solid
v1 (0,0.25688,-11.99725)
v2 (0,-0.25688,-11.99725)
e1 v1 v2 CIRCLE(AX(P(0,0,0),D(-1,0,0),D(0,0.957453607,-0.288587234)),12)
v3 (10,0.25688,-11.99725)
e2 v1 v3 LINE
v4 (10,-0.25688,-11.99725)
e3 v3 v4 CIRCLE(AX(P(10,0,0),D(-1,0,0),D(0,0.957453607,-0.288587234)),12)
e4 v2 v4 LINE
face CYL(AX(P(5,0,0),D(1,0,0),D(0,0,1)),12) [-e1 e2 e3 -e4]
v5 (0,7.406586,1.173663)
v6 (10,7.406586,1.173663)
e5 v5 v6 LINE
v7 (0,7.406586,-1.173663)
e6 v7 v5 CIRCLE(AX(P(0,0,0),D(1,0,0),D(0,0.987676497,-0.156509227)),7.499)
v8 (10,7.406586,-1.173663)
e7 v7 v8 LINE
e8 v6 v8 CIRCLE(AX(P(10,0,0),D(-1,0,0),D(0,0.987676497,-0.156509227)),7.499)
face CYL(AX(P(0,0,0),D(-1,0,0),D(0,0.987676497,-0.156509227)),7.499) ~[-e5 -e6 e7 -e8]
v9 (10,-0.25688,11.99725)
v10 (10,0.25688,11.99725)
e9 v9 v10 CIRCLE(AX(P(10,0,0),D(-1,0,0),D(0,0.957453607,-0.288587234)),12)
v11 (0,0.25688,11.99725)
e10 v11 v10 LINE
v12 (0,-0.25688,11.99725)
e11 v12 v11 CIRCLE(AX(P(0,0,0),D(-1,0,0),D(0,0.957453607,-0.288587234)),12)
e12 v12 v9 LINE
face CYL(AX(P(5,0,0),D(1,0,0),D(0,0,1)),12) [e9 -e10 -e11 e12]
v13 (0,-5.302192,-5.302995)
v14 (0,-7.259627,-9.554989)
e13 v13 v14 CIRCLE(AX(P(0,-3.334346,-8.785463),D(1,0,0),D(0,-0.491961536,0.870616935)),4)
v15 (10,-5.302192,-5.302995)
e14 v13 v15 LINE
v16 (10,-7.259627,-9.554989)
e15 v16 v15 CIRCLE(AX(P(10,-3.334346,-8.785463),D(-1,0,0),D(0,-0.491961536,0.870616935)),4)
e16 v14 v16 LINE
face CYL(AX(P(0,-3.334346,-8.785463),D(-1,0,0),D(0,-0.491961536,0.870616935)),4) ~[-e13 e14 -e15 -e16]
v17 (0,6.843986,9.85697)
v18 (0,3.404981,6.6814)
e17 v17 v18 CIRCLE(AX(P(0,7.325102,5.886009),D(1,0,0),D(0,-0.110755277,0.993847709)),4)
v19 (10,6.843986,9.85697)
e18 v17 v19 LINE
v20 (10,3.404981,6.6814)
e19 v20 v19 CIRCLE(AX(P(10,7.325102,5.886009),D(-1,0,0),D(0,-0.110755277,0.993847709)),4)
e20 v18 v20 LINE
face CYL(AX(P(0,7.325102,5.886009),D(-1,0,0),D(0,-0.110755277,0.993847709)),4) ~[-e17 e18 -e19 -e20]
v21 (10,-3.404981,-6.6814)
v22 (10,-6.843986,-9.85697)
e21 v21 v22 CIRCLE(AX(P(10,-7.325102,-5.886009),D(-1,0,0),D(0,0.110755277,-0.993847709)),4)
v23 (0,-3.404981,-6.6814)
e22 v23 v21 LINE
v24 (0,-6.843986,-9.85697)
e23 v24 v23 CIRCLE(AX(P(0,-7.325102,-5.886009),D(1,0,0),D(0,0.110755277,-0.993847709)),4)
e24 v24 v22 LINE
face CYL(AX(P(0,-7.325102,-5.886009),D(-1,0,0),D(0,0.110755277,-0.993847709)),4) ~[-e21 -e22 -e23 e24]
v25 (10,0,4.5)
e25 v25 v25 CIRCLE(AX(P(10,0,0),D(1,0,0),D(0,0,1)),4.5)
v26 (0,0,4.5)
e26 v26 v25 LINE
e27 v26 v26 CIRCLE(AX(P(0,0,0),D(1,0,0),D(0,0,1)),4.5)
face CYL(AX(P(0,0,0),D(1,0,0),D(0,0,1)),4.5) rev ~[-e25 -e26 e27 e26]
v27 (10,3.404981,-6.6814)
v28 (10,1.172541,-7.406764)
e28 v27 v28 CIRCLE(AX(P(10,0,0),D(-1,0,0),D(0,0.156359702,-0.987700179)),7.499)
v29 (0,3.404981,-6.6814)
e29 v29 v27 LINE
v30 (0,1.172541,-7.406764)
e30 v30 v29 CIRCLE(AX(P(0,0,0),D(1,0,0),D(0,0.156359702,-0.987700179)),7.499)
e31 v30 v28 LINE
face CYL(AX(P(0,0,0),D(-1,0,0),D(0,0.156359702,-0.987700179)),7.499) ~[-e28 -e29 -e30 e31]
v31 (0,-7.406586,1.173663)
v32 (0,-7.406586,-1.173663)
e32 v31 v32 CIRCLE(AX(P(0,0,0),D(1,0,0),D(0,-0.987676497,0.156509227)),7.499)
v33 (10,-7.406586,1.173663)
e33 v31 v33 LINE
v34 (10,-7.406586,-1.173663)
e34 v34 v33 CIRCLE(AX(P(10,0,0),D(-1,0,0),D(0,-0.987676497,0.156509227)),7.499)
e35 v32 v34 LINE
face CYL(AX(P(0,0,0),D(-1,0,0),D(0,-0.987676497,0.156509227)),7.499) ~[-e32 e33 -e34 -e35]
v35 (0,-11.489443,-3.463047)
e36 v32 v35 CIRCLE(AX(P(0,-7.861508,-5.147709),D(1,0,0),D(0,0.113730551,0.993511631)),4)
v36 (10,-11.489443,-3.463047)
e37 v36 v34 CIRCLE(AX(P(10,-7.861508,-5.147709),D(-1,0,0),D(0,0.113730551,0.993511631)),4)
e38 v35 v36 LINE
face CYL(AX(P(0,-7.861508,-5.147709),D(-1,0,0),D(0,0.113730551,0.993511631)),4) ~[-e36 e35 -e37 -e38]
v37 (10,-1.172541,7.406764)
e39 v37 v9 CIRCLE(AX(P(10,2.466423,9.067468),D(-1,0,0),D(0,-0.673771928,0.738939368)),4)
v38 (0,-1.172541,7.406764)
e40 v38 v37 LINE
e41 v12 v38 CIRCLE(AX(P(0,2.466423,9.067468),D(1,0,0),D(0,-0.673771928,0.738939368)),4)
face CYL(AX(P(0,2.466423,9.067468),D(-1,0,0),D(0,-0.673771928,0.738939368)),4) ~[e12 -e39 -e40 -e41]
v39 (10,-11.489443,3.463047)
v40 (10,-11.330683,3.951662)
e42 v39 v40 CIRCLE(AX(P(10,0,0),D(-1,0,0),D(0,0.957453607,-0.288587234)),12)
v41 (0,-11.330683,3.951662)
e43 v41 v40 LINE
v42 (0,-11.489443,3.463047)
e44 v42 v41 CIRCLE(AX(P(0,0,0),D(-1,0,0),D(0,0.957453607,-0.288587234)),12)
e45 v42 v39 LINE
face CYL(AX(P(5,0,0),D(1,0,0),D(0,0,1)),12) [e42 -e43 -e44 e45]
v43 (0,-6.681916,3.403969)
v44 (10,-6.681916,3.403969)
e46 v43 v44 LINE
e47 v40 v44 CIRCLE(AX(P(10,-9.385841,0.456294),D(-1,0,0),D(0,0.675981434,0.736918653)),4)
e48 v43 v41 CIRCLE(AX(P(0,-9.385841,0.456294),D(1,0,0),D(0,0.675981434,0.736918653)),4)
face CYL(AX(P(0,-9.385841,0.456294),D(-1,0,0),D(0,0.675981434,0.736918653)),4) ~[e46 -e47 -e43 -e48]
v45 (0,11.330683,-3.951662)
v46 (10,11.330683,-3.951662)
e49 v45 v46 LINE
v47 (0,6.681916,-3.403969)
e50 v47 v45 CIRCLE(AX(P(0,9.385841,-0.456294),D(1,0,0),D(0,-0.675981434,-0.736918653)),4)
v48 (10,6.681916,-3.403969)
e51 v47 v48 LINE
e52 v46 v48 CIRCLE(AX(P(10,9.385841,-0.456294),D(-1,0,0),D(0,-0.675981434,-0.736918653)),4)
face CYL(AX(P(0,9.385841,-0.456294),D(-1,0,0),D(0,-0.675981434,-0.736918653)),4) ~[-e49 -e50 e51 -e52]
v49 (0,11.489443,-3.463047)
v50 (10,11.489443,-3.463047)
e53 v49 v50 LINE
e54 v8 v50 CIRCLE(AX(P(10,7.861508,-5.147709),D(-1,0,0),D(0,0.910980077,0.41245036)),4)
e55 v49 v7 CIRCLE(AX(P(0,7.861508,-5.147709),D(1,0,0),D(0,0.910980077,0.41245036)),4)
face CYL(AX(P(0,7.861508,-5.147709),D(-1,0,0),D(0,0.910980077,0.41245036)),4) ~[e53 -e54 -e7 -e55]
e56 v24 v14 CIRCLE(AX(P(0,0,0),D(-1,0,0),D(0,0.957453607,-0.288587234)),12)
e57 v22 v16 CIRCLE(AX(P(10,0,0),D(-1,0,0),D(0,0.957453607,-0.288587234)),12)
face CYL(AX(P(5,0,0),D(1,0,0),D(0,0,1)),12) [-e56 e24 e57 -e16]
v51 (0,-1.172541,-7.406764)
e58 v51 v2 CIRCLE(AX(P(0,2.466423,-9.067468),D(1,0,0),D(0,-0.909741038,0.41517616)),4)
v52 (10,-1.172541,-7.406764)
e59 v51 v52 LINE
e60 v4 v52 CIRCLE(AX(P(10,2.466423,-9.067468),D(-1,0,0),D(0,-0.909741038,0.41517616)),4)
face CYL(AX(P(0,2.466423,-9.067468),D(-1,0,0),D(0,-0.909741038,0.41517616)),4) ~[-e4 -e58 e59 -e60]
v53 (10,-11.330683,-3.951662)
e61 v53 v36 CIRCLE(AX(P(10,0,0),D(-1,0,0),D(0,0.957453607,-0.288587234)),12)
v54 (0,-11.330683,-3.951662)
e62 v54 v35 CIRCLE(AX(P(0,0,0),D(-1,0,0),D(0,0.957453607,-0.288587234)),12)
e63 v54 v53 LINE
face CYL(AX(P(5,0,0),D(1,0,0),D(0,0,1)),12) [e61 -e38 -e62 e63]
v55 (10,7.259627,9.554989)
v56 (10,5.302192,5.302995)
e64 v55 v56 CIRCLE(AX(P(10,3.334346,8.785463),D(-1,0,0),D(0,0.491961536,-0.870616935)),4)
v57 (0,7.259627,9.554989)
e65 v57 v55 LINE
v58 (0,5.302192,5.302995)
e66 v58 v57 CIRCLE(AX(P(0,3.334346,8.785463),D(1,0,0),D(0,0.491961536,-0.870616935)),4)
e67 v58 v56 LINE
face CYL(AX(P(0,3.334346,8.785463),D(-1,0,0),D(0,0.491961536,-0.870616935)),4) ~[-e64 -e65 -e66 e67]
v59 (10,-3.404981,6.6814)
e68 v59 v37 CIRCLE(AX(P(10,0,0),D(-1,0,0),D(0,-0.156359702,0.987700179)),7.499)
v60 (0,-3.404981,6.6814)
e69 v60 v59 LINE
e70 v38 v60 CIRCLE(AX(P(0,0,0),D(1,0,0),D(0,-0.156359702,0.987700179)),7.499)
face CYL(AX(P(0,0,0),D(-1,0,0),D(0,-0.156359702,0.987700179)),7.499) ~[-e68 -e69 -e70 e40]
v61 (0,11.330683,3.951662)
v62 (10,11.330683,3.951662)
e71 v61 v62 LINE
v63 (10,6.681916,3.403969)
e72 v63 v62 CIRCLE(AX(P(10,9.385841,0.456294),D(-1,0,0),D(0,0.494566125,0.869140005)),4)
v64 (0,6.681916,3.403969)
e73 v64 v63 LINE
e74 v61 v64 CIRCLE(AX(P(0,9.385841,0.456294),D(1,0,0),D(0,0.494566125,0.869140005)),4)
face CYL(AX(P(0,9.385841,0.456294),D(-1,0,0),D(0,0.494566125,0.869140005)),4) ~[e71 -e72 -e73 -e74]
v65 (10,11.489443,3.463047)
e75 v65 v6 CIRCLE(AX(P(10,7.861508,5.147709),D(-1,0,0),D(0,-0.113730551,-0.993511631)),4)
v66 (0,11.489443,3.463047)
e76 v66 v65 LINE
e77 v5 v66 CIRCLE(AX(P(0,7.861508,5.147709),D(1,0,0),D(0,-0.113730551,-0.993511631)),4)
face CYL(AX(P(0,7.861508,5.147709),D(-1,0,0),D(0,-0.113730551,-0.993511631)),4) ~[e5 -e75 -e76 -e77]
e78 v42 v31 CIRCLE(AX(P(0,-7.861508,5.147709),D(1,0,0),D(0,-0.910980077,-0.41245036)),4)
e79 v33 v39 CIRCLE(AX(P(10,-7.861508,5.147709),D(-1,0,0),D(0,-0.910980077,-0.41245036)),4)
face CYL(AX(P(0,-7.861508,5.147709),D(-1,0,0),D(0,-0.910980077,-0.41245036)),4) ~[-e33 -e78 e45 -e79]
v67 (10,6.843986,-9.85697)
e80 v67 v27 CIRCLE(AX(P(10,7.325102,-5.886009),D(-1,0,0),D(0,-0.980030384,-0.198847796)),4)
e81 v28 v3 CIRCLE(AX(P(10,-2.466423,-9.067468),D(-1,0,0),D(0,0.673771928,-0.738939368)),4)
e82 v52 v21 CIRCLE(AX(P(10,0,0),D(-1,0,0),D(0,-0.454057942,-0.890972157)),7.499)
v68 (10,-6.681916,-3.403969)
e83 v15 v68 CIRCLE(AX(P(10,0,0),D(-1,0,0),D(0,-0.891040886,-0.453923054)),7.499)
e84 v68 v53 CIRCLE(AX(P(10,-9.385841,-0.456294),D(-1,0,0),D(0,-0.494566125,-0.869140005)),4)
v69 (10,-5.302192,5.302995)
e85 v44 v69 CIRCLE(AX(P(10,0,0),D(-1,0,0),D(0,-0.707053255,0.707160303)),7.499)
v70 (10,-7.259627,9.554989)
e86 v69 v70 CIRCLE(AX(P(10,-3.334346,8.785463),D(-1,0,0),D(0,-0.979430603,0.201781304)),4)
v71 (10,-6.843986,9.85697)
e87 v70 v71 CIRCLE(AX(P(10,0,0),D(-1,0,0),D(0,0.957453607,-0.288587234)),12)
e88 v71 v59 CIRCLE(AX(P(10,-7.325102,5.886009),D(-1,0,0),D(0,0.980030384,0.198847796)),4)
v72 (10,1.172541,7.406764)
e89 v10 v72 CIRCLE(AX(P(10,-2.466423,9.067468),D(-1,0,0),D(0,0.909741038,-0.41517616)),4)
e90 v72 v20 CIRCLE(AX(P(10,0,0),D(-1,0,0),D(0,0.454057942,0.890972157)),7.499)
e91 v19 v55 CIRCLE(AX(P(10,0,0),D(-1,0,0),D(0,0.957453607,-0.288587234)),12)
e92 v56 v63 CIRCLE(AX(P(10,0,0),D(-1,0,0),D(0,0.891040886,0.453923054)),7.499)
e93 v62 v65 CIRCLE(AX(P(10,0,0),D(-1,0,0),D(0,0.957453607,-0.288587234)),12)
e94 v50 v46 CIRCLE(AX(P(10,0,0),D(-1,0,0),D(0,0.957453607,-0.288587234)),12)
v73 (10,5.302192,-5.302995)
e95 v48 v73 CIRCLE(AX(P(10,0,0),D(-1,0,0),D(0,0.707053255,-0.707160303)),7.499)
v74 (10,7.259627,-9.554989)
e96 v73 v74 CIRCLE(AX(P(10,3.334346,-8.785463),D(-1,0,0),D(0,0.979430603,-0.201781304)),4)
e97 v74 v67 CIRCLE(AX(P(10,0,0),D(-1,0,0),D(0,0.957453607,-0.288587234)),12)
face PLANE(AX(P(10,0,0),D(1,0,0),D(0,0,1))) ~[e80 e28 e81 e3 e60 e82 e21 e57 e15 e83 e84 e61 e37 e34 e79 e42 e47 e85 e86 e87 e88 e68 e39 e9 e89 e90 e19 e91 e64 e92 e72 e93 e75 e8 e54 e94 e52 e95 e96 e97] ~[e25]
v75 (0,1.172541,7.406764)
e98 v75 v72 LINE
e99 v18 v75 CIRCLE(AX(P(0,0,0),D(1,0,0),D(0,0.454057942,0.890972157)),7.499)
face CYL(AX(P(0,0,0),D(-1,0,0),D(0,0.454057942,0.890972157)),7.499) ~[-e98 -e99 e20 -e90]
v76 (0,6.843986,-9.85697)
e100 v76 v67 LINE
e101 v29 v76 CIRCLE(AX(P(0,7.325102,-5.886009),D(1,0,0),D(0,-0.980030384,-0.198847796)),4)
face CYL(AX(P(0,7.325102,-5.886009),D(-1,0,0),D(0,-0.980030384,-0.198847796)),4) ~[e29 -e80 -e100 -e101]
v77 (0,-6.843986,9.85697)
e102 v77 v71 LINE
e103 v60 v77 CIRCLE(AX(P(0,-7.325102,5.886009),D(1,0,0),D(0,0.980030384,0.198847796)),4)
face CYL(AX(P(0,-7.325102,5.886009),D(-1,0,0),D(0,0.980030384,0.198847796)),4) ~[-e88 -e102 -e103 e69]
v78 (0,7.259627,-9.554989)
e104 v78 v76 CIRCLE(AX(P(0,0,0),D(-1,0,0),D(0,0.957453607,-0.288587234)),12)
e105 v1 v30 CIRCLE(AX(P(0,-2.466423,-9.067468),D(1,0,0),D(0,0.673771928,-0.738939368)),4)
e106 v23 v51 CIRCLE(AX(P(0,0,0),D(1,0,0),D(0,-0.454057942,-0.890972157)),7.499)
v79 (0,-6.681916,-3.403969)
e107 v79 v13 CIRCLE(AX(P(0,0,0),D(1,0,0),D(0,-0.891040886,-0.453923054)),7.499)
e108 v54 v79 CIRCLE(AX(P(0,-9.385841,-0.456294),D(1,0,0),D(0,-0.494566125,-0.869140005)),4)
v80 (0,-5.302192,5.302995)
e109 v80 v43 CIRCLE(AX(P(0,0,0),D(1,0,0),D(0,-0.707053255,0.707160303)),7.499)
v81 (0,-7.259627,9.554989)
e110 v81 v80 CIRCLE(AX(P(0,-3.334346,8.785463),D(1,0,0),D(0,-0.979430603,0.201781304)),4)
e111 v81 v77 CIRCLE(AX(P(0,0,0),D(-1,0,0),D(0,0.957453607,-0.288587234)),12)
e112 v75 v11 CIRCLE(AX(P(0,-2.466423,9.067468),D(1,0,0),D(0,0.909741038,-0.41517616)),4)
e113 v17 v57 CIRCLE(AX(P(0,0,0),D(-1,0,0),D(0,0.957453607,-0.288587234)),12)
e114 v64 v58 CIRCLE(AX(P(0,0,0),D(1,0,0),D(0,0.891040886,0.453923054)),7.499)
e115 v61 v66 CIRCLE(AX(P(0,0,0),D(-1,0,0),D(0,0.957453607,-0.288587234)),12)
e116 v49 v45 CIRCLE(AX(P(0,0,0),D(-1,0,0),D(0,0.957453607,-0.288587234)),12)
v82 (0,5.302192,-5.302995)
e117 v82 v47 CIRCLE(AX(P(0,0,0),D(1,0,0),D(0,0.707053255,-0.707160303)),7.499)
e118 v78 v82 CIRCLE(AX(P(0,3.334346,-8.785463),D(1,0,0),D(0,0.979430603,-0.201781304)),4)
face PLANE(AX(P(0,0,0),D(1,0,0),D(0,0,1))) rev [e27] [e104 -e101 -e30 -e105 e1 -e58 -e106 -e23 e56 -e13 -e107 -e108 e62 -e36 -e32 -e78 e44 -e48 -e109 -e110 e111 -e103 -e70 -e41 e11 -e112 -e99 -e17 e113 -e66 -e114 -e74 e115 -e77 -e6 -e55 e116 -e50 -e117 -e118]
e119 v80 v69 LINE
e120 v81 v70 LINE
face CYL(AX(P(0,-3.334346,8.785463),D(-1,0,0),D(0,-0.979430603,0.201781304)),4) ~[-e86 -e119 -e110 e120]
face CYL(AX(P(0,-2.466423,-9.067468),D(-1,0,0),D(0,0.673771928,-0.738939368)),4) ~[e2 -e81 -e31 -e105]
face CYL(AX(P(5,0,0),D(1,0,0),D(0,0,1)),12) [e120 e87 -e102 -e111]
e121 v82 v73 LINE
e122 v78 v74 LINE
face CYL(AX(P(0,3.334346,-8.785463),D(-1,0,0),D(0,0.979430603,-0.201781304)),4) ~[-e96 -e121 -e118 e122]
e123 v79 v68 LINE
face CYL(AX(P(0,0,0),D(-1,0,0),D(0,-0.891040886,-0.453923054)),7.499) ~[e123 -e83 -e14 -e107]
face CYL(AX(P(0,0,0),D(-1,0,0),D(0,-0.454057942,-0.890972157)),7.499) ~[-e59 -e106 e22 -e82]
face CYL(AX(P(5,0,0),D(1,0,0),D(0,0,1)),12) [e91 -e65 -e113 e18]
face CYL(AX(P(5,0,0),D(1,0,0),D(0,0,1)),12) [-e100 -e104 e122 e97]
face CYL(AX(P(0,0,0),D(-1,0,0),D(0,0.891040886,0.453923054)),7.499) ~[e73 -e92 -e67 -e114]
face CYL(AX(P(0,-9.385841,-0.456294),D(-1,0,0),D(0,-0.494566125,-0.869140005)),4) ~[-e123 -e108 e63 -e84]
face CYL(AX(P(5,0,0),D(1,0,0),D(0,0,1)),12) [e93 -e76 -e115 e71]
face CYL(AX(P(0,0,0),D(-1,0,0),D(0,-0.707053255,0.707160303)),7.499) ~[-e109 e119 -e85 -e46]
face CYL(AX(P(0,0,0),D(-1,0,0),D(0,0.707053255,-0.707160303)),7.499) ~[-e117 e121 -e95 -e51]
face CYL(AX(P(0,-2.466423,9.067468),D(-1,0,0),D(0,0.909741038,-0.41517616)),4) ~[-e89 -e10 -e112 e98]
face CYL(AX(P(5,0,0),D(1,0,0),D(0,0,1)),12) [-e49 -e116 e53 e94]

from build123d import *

# Parameters (mm, degrees)
BASPROSKE_W     = 10
BASPROSKE_H     = 12
TOOTHCUT_DEPTH  = 20.697715604
TEETHCUTS_COUNT = 10
TEETHCUTS_ANGLE = 324
BORSKE_R        = 4.5
BORE_DEPTH      = 50.0000508


with BuildPart() as part:
    # BasProSke → Base-Revolve (revolve)
    with BuildSketch(Plane(origin=(0, 0, 0), x_dir=(1, 0, 0), z_dir=(0, 1, 0)), mode=Mode.PRIVATE) as base_revolve_sk:
        with Locations((5, 6)):
            Rectangle(BASPROSKE_W, BASPROSKE_H)
    revolve(base_revolve_sk.sketch.rotate(Axis((-10, 0, 0), (1, 0, 0)), 180), axis=Axis((-10, 0, 0), (1, 0, 0)))

    # TooCutSke → ToothCut (cut, through all)
    with BuildSketch(Plane(origin=(0, 0, 0), x_dir=(0, 0, -1), z_dir=(1, 0, 0))):
        with BuildLine():
            ThreePointArc((1.173662691, 7.406586048), (0, 7.499), (-1.173662691, 7.406586048))
            ThreePointArc((-1.173662691, 7.406586048), (-1.668191438, 9.834565786), (-3.497907776, 11.50542856))
            ThreePointArc((-3.497907776, 11.50542856), (0, 12.0254), (3.497907776, 11.50542856))
            ThreePointArc((3.497907776, 11.50542856), (1.668191438, 9.834565786), (1.173662691, 7.406586048))
        make_face()
    toothcut = extrude(amount=TOOTHCUT_DEPTH, mode=Mode.SUBTRACT)

    # TeethCuts: ToothCut ×10 about axis
    teethcuts_axis = Axis((-10, 0, 0), (1, 0, 0))
    for i in range(1, TEETHCUTS_COUNT):
        add(toothcut.rotate(teethcuts_axis, i * TEETHCUTS_ANGLE / (TEETHCUTS_COUNT - 1)), mode=Mode.SUBTRACT)

    # BorSke → Bore (cut, symmetric)
    with BuildSketch(Plane(origin=(0, 0, 0), x_dir=(0, 0, -1), z_dir=(1, 0, 0))):
        with Locations(Location((0, 0, 0), (0, 0, 180))):
            Circle(BORSKE_R)
    extrude(amount=BORE_DEPTH, both=True, mode=Mode.SUBTRACT)


solid = part.part
